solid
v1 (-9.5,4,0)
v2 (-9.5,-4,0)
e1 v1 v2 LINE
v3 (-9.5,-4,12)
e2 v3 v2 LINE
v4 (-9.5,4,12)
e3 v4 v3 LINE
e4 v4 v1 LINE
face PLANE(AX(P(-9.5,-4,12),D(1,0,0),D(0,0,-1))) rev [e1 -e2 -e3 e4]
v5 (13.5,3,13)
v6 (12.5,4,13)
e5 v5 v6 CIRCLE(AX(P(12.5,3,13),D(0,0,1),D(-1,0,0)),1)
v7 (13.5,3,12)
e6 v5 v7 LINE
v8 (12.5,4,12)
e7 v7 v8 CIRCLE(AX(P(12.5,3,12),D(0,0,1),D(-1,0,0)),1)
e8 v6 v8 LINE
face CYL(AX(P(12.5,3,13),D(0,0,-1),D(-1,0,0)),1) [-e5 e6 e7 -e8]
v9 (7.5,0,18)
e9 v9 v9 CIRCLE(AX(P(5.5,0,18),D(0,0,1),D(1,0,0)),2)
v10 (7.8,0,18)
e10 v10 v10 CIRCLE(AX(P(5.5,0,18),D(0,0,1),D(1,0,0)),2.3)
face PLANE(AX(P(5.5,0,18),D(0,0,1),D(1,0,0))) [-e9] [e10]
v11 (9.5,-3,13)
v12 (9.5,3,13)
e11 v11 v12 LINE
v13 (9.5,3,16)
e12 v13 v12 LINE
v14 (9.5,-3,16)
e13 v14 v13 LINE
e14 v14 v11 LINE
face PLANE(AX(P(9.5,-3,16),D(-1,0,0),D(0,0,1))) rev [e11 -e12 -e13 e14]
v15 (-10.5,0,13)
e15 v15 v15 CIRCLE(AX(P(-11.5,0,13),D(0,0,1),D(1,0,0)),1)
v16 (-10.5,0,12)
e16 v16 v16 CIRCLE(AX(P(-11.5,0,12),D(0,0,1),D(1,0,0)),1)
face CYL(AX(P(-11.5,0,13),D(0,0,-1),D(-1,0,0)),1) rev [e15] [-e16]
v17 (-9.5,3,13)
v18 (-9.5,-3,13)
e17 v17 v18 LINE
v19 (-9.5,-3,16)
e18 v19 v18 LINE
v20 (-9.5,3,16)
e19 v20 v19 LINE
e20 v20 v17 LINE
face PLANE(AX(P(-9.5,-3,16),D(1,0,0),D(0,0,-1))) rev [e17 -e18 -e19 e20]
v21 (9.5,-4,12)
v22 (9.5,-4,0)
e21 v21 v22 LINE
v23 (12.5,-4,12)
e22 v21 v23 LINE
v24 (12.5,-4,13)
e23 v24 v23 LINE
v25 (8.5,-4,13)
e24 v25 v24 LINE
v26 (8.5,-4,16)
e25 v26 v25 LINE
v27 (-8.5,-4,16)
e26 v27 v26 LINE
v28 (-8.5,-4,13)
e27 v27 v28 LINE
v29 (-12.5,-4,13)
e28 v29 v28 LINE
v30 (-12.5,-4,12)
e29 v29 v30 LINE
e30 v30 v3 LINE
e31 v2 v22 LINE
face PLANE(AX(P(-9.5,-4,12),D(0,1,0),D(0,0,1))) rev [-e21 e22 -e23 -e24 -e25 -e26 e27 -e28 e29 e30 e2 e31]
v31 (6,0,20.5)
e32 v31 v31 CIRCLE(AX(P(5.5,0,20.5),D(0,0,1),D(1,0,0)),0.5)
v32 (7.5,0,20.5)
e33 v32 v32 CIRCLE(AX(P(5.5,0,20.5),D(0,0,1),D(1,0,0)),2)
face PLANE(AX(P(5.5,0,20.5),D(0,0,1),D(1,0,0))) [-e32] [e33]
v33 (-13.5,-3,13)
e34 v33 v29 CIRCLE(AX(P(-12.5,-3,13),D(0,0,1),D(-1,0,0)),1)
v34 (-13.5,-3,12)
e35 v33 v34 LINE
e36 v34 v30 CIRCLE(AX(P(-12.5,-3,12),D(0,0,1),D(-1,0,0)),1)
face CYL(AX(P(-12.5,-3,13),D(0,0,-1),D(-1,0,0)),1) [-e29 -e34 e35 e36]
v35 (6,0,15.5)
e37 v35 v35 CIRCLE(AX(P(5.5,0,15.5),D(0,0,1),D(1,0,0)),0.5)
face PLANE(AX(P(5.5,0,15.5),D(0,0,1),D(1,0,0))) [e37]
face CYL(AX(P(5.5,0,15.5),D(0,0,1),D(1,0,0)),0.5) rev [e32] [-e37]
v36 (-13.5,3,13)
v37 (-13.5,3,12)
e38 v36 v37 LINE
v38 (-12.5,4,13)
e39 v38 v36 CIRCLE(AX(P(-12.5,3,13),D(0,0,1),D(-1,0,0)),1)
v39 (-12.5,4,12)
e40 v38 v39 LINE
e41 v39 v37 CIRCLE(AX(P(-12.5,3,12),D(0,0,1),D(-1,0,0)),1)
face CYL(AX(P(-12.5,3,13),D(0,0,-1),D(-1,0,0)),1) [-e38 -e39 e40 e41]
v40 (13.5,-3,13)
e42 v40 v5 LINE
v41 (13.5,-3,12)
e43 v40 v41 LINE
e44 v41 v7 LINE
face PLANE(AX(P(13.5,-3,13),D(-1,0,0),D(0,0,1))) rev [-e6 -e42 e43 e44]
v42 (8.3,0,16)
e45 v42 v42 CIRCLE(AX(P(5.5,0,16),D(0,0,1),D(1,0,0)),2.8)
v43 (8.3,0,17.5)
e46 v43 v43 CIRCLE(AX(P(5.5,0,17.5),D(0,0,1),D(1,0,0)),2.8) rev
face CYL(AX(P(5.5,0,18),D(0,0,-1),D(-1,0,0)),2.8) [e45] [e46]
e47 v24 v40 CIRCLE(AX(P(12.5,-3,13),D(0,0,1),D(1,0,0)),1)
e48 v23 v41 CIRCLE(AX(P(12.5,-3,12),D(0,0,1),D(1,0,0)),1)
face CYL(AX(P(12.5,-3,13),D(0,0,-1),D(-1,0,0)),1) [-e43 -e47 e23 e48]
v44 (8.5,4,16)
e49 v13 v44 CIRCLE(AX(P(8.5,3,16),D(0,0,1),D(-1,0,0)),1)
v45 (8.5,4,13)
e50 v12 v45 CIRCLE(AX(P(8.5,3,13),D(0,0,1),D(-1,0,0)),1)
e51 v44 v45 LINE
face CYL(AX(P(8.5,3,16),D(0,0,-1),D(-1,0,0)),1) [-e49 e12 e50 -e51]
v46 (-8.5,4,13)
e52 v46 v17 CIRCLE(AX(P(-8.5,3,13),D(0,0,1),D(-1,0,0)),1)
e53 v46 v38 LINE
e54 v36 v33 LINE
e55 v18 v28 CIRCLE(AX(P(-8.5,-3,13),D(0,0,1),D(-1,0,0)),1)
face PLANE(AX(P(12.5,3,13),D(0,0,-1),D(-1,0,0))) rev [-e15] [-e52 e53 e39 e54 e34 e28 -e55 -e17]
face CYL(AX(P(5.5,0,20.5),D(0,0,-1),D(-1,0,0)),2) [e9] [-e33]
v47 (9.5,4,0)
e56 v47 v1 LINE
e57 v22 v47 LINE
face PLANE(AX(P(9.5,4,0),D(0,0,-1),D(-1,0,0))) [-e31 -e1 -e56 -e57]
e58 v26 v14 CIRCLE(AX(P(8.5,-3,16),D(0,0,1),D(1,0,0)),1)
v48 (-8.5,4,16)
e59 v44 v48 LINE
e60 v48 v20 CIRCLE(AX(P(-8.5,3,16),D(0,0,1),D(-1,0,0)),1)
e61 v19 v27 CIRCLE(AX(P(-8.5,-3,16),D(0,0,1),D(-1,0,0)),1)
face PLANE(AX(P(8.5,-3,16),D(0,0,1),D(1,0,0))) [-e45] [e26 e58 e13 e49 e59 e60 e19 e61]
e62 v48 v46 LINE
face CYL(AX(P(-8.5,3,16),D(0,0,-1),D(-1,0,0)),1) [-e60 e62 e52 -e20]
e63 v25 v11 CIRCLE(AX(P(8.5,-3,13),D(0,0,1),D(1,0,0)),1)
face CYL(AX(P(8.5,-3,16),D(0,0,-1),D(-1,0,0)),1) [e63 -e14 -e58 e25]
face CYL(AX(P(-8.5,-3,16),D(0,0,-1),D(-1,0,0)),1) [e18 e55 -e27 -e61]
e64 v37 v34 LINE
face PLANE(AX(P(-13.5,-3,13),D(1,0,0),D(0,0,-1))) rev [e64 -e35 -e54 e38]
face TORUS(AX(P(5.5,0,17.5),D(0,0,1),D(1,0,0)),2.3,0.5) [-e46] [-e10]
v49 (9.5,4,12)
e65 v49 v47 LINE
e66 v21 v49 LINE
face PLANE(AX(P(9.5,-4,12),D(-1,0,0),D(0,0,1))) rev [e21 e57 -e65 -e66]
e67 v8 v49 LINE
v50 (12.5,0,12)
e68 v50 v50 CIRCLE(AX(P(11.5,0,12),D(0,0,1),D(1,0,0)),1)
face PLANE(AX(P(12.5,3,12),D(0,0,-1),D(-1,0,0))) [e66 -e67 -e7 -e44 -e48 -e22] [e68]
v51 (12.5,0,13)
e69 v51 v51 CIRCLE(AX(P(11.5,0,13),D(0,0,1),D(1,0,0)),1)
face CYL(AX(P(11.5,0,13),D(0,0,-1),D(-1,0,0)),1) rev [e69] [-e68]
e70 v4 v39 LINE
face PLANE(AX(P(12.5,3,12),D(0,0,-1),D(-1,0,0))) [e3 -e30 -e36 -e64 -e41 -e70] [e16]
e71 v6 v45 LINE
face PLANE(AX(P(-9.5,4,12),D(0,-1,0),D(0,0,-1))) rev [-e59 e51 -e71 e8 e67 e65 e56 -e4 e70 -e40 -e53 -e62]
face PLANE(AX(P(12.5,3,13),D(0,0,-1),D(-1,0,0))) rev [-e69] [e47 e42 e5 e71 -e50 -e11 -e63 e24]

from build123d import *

# Parameters (mm, degrees)
IZIM1_W                     = 19
IZIM1_H                     = 8
Y_KSEKLIK_EKSTR_ZYON1_DEPTH = 12
IZIM2_R                     = 1
Y_KSEKLIK_EKSTR_ZYON2_DEPTH = 1
Y_KSEKLIK_EKSTR_ZYON3_DEPTH = 3
IZIM4_R                     = 2.8
Y_KSEKLIK_EKSTR_ZYON4_DEPTH = 2
IZIM5_R                     = 2
Y_KSEKLIK_EKSTR_ZYON5_DEPTH = 2.5
IZIM6_R                     = 0.5
KES_EKSTR_ZYON1_DEPTH       = 5
RADYUS1_R                   = 0.5


with BuildPart() as part:
    # Çizim1 → Yükseklik-Ekstrüzyon1 (new body)
    with BuildSketch(Plane.XY):
        Rectangle(IZIM1_W, IZIM1_H)
    extrude(amount=Y_KSEKLIK_EKSTR_ZYON1_DEPTH)

    # Çizim2 → Yükseklik-Ekstrüzyon2 (add)
    with BuildSketch(Plane.XY.offset(12)):
        with BuildLine():
            Line((-12.5, -4), (12.5, -4))
            ThreePointArc((12.5, -4), (13.207106781, -3.707106781), (13.5, -3))
            Line((13.5, -3), (13.5, 3))
            ThreePointArc((13.5, 3), (13.207106781, 3.707106781), (12.5, 4))
            Line((12.5, 4), (-12.5, 4))
            ThreePointArc((-12.5, 4), (-13.207106781, 3.707106781), (-13.5, 3))
            Line((-13.5, 3), (-13.5, -3))
            ThreePointArc((-13.5, -3), (-13.207106781, -3.707106781), (-12.5, -4))
        make_face()
        with Locations((-11.5, 0)):
            Circle(IZIM2_R, mode=Mode.SUBTRACT)
        with Locations((11.5, 0)):
            Circle(IZIM2_R, mode=Mode.SUBTRACT)
    extrude(amount=Y_KSEKLIK_EKSTR_ZYON2_DEPTH)

    # Çizim3 → Yükseklik-Ekstrüzyon3 (add)
    with BuildSketch(Plane.XY.offset(13)):
        with BuildLine():
            Line((-8.5, -4), (8.5, -4))
            ThreePointArc((8.5, -4), (9.207106781, -3.707106781), (9.5, -3))
            Line((9.5, -3), (9.5, 3))
            ThreePointArc((9.5, 3), (9.207106781, 3.707106781), (8.5, 4))
            Line((8.5, 4), (-8.5, 4))
            ThreePointArc((-8.5, 4), (-9.207106781, 3.707106781), (-9.5, 3))
            Line((-9.5, 3), (-9.5, -3))
            ThreePointArc((-9.5, -3), (-9.207106781, -3.707106781), (-8.5, -4))
        make_face()
    extrude(amount=Y_KSEKLIK_EKSTR_ZYON3_DEPTH)

    # Çizim4 → Yükseklik-Ekstrüzyon4 (add)
    with BuildSketch(Plane.XY.offset(16)):
        with Locations((5.5, 0)):
            Circle(IZIM4_R)
    extrude(amount=Y_KSEKLIK_EKSTR_ZYON4_DEPTH)

    # Çizim5 → Yükseklik-Ekstrüzyon5 (add)
    with BuildSketch(Plane.XY.offset(18)):
        with Locations((5.5, 0)):
            Circle(IZIM5_R)
    extrude(amount=Y_KSEKLIK_EKSTR_ZYON5_DEPTH)

    # Çizim6 → Kes-Ekstrüzyon1 (cut)
    with BuildSketch(Plane.XY.offset(20.5)):
        with Locations((5.5, 0)):
            Circle(IZIM6_R)
    extrude(amount=-KES_EKSTR_ZYON1_DEPTH, mode=Mode.SUBTRACT)

    # Radyus1
    radyus1_edges = [part.edges().sort_by_distance(p)[0] for p in [
        (2.7, 0, 18),
    ]]
    fillet(radyus1_edges, radius=RADYUS1_R)


solid = part.part
